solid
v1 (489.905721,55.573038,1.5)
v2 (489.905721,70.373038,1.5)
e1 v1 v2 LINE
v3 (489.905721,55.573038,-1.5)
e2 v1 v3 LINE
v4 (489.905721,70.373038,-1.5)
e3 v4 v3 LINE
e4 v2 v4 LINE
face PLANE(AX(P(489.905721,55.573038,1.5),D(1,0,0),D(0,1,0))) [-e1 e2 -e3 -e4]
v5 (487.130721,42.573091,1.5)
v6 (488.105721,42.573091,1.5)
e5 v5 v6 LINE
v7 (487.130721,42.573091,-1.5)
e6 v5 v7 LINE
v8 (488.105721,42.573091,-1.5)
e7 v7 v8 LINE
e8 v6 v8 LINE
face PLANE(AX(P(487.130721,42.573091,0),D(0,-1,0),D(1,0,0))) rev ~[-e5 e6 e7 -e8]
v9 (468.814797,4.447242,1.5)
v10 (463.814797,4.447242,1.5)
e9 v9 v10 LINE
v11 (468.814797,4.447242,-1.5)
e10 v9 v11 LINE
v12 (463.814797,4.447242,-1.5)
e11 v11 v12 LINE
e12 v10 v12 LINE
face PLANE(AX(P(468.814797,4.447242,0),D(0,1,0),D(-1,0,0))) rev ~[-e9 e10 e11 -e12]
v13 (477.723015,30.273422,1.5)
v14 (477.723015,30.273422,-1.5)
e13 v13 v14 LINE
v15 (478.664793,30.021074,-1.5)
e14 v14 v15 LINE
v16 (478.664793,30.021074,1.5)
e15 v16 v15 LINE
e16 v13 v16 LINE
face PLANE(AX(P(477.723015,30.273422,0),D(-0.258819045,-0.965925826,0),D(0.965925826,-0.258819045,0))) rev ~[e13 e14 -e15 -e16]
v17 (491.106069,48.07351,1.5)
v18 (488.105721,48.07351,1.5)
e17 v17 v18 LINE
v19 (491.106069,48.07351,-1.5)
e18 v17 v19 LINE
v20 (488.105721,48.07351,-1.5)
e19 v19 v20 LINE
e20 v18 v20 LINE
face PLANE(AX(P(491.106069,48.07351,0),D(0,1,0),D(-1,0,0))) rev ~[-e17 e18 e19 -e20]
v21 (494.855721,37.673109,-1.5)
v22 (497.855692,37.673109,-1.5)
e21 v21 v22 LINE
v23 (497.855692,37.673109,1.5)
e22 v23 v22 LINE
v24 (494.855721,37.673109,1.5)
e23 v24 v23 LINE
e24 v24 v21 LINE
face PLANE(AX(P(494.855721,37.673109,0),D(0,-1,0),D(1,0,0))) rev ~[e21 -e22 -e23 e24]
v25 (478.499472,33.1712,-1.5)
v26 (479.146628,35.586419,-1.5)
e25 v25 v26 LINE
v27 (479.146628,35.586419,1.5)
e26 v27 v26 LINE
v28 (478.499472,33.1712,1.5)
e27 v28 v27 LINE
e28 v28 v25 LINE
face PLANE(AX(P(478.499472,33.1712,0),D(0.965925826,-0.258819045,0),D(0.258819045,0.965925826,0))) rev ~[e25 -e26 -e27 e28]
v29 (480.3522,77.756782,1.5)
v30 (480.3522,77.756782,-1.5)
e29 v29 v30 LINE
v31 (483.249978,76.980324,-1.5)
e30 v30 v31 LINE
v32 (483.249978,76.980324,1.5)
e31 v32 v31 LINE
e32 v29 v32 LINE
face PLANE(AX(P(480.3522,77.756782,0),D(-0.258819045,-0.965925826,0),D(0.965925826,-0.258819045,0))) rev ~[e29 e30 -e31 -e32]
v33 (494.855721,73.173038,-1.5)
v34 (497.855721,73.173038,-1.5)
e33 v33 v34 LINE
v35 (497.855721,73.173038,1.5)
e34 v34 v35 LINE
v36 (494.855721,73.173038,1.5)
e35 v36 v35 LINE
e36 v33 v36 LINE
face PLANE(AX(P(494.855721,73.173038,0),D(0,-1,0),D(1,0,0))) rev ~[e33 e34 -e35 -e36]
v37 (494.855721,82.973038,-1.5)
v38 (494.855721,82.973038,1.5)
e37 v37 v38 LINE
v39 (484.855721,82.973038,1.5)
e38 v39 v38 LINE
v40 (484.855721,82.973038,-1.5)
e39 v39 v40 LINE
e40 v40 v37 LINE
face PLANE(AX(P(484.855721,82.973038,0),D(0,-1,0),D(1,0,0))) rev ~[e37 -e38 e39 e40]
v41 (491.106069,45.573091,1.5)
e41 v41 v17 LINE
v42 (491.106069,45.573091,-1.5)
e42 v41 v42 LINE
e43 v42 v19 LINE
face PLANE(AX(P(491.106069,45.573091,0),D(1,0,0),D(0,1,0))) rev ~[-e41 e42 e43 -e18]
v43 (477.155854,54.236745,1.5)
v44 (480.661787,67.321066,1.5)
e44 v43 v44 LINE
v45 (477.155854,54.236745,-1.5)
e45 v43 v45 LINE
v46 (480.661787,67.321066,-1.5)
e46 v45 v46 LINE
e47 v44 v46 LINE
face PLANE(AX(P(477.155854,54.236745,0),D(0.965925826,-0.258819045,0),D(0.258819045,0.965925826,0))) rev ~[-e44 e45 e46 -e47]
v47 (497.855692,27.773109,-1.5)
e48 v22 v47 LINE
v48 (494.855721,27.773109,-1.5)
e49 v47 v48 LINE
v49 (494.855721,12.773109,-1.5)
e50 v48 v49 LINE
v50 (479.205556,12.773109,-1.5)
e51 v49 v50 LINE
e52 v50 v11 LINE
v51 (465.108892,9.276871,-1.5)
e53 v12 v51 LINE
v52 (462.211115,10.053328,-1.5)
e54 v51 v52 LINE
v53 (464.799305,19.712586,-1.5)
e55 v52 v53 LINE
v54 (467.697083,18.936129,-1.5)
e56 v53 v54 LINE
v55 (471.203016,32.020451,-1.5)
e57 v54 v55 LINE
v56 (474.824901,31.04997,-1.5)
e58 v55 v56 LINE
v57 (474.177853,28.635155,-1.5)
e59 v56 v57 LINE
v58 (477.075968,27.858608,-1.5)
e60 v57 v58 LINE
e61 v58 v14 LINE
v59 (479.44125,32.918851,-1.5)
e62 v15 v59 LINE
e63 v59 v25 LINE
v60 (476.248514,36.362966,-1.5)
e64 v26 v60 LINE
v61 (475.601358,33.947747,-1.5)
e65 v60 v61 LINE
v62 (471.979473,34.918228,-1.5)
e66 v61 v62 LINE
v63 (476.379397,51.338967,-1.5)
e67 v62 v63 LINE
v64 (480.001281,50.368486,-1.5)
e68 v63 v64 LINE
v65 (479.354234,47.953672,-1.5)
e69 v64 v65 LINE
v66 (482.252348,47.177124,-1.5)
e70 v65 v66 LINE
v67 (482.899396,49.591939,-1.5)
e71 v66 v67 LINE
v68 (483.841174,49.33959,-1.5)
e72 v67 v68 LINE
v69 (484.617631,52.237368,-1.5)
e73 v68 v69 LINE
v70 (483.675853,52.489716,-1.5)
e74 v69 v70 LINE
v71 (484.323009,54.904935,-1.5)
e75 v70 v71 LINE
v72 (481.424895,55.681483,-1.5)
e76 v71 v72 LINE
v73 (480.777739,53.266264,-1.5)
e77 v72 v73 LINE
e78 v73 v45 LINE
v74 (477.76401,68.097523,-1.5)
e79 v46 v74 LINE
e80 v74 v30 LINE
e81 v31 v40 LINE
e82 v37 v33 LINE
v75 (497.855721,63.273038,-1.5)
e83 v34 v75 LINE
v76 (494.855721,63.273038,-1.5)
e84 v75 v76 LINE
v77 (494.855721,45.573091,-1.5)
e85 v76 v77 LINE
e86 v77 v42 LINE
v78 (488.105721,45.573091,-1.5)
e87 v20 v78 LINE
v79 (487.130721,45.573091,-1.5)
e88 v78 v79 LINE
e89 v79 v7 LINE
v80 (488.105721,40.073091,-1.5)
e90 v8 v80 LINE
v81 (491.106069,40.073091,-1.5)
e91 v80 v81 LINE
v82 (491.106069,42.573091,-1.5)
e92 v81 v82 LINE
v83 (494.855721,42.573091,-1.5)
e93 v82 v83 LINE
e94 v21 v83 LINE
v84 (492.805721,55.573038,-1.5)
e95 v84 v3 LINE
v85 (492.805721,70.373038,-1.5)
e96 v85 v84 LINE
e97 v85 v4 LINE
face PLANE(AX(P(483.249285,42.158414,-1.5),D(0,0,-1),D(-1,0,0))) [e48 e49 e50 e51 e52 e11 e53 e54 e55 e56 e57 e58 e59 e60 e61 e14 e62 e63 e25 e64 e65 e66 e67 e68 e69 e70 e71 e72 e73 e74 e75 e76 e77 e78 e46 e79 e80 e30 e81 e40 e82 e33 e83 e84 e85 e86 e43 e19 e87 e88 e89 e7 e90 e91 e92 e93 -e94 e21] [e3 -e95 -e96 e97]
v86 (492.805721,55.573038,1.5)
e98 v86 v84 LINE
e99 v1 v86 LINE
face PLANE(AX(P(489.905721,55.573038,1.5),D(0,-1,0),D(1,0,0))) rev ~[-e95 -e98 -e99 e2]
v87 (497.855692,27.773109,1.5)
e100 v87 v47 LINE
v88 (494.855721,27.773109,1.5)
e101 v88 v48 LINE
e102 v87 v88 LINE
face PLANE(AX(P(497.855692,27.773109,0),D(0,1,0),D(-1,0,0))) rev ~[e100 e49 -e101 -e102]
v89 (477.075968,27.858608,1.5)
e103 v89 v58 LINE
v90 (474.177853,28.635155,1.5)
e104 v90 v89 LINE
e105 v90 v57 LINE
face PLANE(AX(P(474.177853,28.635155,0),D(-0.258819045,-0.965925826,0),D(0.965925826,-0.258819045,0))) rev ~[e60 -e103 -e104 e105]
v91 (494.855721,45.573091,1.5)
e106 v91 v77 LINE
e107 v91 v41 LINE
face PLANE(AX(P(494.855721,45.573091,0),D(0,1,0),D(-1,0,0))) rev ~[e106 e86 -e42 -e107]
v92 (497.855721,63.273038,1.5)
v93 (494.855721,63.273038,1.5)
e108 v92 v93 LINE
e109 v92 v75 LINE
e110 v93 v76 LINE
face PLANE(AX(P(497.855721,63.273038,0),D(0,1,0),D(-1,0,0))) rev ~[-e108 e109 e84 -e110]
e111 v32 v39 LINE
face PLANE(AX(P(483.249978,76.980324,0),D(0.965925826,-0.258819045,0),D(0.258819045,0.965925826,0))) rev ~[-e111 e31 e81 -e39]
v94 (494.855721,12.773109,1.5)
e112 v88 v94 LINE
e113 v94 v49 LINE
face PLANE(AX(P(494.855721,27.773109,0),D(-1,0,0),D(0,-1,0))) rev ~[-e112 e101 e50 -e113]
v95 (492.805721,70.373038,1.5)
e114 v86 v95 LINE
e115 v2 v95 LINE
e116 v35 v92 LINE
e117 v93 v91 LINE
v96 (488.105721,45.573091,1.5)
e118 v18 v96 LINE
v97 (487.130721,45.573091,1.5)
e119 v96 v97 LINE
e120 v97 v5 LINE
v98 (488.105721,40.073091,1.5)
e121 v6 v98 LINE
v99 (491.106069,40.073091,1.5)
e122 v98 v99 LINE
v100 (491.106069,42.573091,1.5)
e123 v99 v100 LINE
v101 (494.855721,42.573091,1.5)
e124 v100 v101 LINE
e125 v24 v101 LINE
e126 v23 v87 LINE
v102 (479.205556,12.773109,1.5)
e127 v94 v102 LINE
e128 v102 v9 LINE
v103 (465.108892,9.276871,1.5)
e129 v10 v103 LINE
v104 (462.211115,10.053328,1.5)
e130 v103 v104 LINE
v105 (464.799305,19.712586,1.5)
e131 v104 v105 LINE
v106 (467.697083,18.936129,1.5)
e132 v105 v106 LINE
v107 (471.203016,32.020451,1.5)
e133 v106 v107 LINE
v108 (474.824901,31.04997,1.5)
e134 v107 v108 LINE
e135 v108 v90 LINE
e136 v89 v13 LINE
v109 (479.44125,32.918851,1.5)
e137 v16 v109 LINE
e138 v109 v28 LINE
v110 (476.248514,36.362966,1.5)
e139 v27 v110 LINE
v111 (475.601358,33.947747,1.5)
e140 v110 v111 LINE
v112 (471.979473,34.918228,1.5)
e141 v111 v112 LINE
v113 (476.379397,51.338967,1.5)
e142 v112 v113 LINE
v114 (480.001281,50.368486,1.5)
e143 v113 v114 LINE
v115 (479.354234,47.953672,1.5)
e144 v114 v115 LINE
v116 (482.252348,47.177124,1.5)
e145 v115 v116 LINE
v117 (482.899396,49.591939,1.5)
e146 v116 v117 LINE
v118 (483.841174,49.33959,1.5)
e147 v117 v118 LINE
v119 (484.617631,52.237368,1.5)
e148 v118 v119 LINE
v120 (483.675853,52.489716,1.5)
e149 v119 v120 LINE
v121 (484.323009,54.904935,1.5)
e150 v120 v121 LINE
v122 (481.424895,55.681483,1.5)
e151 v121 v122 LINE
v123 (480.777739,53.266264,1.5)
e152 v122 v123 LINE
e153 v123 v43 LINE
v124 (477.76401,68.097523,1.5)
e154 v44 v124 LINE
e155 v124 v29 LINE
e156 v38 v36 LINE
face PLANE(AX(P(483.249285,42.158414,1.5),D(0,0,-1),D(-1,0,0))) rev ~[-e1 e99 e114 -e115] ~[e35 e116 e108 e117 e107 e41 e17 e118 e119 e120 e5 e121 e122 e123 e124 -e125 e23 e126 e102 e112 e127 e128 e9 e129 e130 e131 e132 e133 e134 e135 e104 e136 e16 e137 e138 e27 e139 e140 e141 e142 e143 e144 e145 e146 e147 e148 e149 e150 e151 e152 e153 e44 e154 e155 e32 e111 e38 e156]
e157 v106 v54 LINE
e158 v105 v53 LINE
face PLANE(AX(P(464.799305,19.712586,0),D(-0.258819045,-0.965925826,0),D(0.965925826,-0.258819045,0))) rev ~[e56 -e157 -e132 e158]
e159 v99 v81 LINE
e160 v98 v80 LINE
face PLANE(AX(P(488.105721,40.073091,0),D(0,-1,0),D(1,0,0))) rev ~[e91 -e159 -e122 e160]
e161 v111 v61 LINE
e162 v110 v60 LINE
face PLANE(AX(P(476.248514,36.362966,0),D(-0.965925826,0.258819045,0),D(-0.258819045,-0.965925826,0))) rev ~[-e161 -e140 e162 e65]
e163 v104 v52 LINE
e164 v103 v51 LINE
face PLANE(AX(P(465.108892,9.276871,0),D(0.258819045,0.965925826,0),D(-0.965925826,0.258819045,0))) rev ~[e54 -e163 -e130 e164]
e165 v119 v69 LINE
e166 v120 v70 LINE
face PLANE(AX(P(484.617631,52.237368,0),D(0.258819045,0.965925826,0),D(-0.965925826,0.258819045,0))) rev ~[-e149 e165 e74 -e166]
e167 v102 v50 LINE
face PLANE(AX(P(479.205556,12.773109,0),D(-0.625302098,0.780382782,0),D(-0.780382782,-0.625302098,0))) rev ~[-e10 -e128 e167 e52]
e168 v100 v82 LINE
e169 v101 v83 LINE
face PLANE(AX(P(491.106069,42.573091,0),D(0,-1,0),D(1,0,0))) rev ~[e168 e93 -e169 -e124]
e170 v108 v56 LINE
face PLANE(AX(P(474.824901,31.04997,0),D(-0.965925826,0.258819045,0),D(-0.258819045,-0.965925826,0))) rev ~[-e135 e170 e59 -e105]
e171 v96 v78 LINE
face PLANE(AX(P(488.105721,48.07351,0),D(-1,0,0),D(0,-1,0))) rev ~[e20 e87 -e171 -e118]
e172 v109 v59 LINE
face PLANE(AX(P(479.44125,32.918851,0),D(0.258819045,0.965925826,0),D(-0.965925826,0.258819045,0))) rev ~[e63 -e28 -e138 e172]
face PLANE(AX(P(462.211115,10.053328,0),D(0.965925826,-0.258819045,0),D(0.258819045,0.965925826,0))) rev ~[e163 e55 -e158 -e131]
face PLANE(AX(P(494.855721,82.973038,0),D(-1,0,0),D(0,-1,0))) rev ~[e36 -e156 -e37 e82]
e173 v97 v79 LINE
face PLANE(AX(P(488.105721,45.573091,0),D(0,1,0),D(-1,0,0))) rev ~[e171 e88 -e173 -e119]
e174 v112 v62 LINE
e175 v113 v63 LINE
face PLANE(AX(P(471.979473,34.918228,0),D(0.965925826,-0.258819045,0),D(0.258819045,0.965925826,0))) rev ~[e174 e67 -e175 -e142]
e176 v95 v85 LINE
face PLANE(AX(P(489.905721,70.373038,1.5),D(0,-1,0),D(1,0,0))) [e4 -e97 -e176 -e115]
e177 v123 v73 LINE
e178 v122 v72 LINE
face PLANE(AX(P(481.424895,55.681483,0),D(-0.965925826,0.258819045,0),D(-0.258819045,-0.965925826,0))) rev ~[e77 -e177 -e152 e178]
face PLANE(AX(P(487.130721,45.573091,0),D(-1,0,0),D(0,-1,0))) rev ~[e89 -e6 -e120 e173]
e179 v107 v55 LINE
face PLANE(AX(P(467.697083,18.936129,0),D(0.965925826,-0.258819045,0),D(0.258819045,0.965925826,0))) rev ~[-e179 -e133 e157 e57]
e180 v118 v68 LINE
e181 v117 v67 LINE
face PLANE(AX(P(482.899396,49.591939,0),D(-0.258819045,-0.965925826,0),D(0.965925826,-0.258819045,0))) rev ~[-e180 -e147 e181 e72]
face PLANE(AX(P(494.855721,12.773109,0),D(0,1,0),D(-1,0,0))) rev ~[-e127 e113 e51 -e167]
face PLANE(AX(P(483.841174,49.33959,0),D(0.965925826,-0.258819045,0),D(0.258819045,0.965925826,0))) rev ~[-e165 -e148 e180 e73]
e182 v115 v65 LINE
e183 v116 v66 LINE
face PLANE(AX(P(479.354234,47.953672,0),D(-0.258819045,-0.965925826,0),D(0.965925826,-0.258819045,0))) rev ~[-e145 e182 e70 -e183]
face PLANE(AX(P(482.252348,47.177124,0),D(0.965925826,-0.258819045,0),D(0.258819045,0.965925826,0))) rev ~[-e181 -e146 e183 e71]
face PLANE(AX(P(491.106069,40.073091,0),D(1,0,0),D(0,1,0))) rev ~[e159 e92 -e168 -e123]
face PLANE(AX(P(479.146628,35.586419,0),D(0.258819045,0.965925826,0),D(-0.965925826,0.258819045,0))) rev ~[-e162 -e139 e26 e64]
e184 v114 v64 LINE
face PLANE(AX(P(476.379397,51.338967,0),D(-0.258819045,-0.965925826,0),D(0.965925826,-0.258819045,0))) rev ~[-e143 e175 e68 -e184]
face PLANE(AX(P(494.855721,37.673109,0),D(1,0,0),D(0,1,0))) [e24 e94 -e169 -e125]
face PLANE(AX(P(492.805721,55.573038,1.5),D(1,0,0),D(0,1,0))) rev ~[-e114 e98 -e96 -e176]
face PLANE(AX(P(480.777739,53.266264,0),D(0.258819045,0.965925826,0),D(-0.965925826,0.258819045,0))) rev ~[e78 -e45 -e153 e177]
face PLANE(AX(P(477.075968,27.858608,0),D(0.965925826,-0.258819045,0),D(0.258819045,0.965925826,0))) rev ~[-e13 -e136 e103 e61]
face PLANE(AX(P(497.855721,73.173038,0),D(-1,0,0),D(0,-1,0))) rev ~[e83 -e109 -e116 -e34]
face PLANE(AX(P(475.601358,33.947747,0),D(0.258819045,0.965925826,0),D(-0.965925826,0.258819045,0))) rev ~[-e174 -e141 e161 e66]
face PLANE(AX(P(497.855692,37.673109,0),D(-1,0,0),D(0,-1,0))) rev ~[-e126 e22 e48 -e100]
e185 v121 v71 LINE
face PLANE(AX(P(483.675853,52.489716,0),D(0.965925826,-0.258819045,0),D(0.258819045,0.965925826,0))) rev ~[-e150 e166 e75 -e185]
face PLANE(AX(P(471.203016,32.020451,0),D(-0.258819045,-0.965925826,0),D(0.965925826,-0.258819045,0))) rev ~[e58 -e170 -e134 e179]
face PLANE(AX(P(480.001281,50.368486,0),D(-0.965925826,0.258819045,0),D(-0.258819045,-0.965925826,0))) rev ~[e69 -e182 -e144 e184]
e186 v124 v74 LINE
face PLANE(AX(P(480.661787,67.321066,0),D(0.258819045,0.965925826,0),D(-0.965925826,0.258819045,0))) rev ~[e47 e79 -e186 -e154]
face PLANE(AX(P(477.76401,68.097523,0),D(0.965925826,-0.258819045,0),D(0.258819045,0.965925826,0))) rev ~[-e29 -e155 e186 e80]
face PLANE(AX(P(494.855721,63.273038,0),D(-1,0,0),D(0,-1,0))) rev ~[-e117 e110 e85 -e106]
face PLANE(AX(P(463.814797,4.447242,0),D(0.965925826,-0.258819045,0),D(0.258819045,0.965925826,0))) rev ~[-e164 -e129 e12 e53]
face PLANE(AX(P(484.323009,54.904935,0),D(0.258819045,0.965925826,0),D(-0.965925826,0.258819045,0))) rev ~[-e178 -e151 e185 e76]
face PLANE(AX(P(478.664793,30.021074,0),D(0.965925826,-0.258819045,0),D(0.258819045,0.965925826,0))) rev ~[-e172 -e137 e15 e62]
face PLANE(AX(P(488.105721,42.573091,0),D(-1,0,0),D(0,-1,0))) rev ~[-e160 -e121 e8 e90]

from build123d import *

# Parameters (mm, degrees)
SALIENTE_EXTRUIR1_DEPTH = 1.5
CROQUIS2_W              = 2.9
CROQUIS2_H              = 14.8
CORTAR_EXTRUIR1_DEPTH   = 10


with BuildPart() as part:
    # Croquis1 → Saliente-Extruir1 (new, symmetric)
    with BuildSketch(Plane.XY):
        Polygon((497.855720503, 73.173038091), (497.855720503, 63.273038097), (494.855720505, 63.273038097), (494.855720505, 45.573091251), (491.106069484, 45.573091251), (491.106069484, 48.073510022), (488.105720509, 48.073510022), (488.105720509, 45.573091251), (487.13072051, 45.573091251), (487.13072051, 42.573091253), (488.105720509, 42.573091253), (488.105720509, 40.073091254), (491.106069484, 40.073091254), (491.106069484, 42.573091253), (494.855720505, 42.573091253), (494.855720505, 41.050309336), (494.855720505, 40.650309337), (494.855720505, 37.67310897), (497.855691931, 37.67310897), (497.855691931, 27.773108976), (494.855720505, 27.773108976), (494.855720505, 12.773108985), (479.205555648, 12.773108985), (468.814796849, 4.447241951), (463.814796852, 4.447241951), (465.108892077, 9.276871079), (462.2111146, 10.053328214), (464.799305049, 19.712586471), (467.697082526, 18.936129336), (471.203015891, 32.02045078), (474.824900651, 31.049969683), (474.177853039, 28.635155119), (477.075967602, 27.858607662), (477.723015214, 30.273422227), (478.664792894, 30.021073658), (479.441250029, 32.918851135), (478.499472349, 33.171199704), (479.146628347, 35.586418771), (476.248513785, 36.362966228), (475.601357786, 33.94774716), (471.979473025, 34.918228257), (476.379396799, 51.33896733), (480.001281419, 50.368486271), (479.354233806, 47.953671707), (482.252348369, 47.177124251), (482.899395981, 49.591938815), (483.841173662, 49.339590246), (484.617630796, 52.237367723), (483.675853116, 52.489716292), (484.323009115, 54.904935359), (481.424894552, 55.681482816), (480.777738553, 53.266263749), (477.155853934, 54.236744807), (480.661787289, 67.321066215), (477.764009811, 68.097523349), (480.352200261, 77.756781606), (483.249977738, 76.980324471), (484.855720511, 82.973038085), (494.855720505, 82.973038085), (494.855720505, 73.173038091), align=None)
    extrude(amount=SALIENTE_EXTRUIR1_DEPTH, both=True)

    # Croquis2 → Cortar-Extruir1 (cut)
    with BuildSketch(Plane.XY.offset(1.5)):
        with Locations((491.355720503, 62.973038085)):
            Rectangle(CROQUIS2_W, CROQUIS2_H)
    extrude(amount=-CORTAR_EXTRUIR1_DEPTH, mode=Mode.SUBTRACT)


solid = part.part
